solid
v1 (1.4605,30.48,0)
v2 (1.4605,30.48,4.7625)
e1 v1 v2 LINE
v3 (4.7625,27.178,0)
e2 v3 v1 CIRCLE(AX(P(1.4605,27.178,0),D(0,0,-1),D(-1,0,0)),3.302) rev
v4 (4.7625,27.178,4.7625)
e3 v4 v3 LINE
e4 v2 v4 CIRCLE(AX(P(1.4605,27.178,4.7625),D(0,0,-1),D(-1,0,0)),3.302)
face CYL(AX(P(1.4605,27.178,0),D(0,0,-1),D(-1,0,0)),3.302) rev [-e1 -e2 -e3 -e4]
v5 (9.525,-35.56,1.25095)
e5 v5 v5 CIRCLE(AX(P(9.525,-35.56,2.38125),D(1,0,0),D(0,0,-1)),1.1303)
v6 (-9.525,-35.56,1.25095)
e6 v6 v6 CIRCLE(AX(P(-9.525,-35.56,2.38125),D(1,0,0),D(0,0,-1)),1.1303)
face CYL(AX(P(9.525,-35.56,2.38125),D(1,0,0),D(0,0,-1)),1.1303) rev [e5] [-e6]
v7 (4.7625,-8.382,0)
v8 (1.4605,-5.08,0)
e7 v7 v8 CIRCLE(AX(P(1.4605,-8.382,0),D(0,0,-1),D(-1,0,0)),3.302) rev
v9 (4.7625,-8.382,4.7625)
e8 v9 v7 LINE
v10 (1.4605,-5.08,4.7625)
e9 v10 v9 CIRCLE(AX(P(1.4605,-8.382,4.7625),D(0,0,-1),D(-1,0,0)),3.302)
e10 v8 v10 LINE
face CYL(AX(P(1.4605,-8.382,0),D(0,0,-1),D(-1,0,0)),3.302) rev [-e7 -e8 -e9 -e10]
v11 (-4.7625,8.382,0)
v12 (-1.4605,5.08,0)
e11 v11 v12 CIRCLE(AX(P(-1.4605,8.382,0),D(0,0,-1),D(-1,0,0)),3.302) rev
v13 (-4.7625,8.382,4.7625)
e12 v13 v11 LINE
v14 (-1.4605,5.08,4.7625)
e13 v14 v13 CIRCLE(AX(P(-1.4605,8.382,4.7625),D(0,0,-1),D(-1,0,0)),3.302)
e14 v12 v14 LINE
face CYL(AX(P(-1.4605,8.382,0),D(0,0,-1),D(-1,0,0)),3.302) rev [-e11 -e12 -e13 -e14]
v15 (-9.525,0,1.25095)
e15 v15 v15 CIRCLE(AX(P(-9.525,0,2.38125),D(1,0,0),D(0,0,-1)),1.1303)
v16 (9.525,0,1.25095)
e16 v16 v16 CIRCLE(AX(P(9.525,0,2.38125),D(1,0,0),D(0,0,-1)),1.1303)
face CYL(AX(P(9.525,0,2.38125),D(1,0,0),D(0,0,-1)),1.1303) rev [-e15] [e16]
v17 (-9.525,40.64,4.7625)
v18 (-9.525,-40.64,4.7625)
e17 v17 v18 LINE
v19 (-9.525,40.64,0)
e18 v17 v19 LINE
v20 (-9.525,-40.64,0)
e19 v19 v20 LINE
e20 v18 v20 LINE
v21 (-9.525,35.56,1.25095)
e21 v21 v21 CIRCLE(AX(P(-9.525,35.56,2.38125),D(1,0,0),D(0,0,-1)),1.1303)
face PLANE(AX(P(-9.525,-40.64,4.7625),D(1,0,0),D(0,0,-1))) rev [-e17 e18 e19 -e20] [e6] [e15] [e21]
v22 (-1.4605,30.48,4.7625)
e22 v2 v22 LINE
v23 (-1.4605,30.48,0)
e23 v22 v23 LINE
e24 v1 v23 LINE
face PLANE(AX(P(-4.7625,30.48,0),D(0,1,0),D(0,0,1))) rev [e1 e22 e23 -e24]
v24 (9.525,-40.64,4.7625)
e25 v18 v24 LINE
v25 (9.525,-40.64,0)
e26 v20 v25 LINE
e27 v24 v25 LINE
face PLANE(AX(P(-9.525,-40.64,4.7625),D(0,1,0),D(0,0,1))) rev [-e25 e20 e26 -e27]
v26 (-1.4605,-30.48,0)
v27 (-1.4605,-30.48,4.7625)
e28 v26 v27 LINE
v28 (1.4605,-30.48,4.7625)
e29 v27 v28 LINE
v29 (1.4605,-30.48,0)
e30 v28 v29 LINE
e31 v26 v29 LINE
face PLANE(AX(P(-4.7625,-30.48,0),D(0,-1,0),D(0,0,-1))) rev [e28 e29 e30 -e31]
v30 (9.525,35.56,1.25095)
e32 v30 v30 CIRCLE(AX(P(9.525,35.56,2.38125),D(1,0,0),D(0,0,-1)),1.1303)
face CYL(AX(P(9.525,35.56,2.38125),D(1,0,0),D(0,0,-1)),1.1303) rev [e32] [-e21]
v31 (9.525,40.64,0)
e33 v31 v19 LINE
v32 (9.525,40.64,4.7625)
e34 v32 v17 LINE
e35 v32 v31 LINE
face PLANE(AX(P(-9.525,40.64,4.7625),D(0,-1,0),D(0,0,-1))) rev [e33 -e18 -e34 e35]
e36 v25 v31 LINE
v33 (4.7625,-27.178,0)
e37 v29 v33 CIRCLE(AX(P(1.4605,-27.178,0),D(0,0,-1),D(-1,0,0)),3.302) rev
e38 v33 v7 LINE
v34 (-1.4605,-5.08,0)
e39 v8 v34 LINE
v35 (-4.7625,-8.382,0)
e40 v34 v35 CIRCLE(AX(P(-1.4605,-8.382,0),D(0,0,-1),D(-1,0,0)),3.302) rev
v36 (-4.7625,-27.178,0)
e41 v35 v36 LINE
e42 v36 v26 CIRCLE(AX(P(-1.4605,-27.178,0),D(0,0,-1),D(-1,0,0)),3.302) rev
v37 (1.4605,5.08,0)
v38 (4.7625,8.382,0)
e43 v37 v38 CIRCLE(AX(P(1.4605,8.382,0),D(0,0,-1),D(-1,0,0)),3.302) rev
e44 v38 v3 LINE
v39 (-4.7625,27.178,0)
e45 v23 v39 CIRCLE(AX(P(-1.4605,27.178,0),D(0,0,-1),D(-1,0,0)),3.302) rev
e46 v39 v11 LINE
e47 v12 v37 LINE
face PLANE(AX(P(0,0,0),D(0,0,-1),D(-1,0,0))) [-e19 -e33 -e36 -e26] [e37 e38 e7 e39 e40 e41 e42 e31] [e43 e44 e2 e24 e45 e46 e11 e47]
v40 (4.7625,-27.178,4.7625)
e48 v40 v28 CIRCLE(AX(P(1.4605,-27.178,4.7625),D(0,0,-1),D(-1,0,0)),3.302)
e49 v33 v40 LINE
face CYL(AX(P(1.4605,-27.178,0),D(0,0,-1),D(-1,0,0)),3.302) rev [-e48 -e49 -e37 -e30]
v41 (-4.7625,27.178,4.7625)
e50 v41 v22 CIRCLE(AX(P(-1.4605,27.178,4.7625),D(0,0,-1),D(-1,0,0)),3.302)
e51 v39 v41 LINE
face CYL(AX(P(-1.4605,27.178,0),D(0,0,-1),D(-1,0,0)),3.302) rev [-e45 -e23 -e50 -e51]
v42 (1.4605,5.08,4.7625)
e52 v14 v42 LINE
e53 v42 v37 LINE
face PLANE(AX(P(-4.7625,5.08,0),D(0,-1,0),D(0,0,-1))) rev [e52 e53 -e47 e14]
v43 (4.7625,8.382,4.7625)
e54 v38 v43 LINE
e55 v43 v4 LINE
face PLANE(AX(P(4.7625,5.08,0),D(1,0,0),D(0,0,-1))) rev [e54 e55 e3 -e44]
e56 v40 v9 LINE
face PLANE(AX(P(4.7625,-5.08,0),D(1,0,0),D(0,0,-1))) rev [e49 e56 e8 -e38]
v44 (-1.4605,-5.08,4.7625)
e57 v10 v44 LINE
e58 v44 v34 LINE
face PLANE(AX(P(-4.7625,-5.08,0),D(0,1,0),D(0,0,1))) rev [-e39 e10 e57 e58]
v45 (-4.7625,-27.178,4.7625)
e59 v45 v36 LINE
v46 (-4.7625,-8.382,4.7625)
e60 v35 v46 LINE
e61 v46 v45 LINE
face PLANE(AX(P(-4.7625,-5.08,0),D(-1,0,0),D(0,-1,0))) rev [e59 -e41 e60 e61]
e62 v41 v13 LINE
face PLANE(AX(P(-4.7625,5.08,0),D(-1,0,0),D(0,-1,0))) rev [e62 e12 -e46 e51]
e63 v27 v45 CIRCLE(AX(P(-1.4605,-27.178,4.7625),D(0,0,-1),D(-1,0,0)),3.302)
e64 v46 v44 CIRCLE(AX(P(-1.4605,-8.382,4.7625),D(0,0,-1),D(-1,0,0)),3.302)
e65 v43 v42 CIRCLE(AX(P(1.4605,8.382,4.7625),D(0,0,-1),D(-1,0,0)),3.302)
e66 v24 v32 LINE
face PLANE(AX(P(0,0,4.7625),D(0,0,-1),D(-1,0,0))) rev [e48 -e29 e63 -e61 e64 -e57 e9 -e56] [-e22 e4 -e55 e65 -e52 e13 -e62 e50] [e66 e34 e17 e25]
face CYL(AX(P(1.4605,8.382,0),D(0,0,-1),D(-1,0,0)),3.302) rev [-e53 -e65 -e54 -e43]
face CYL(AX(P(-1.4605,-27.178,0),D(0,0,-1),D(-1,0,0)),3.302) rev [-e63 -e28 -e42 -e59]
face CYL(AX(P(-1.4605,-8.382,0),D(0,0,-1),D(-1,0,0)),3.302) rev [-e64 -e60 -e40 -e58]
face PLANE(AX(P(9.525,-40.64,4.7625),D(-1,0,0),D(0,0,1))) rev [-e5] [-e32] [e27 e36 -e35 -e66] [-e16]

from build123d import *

# Parameters (mm, degrees)
SKETCH1_W             = 19.05
SKETCH1_H             = 81.28
BOSS_EXTRUDE1_DEPTH   = 4.7625
SKETCH2_W             = 9.525
SKETCH2_H             = 25.4
CUT_EXTRUDE1_DEPTH    = 43.01210101
FILLET1_R             = 3.302
F_4_40_TAPPED_HOLE1_D = 2.2606


with BuildPart() as part:
    # Sketch1 → Boss-Extrude1 (new body)
    with BuildSketch(Plane.XY):
        Rectangle(SKETCH1_W, SKETCH1_H)
    extrude(amount=BOSS_EXTRUDE1_DEPTH)

    # Sketch2 → Cut-Extrude1 (cut, through all)
    with BuildSketch(Plane.XY.offset(4.7625)):
        with Locations((0, 17.78)):
            Rectangle(SKETCH2_W, SKETCH2_H)
        with Locations((0, -17.78)):
            Rectangle(SKETCH2_W, SKETCH2_H)
    extrude(amount=-CUT_EXTRUDE1_DEPTH, mode=Mode.SUBTRACT)

    # Fillet1
    fillet1_edges = [part.edges().sort_by_distance(p)[0] for p in [
        (4.7625, 30.48, 2.38125),
        (4.7625, 5.08, 2.38125),
        (-4.7625, 5.08, 2.38125),
        (-4.7625, 30.48, 2.38125),
        (-4.7625, -30.48, 2.38125),
        (-4.7625, -5.08, 2.38125),
        (4.7625, -5.08, 2.38125),
        (4.7625, -30.48, 2.38125),
    ]]
    fillet(fillet1_edges, radius=FILLET1_R)

    # #4-40 Tapped Hole1 (through all)
    with Locations(Plane(origin=(9.525, 0, 0), x_dir=(0, 0, -1), z_dir=(1, 0, 0))):
        with Locations((-2.38125, 35.56), (-2.38125, 0), (-2.38125, -35.56)):
            Hole(F_4_40_TAPPED_HOLE1_D / 2)


solid = part.part
